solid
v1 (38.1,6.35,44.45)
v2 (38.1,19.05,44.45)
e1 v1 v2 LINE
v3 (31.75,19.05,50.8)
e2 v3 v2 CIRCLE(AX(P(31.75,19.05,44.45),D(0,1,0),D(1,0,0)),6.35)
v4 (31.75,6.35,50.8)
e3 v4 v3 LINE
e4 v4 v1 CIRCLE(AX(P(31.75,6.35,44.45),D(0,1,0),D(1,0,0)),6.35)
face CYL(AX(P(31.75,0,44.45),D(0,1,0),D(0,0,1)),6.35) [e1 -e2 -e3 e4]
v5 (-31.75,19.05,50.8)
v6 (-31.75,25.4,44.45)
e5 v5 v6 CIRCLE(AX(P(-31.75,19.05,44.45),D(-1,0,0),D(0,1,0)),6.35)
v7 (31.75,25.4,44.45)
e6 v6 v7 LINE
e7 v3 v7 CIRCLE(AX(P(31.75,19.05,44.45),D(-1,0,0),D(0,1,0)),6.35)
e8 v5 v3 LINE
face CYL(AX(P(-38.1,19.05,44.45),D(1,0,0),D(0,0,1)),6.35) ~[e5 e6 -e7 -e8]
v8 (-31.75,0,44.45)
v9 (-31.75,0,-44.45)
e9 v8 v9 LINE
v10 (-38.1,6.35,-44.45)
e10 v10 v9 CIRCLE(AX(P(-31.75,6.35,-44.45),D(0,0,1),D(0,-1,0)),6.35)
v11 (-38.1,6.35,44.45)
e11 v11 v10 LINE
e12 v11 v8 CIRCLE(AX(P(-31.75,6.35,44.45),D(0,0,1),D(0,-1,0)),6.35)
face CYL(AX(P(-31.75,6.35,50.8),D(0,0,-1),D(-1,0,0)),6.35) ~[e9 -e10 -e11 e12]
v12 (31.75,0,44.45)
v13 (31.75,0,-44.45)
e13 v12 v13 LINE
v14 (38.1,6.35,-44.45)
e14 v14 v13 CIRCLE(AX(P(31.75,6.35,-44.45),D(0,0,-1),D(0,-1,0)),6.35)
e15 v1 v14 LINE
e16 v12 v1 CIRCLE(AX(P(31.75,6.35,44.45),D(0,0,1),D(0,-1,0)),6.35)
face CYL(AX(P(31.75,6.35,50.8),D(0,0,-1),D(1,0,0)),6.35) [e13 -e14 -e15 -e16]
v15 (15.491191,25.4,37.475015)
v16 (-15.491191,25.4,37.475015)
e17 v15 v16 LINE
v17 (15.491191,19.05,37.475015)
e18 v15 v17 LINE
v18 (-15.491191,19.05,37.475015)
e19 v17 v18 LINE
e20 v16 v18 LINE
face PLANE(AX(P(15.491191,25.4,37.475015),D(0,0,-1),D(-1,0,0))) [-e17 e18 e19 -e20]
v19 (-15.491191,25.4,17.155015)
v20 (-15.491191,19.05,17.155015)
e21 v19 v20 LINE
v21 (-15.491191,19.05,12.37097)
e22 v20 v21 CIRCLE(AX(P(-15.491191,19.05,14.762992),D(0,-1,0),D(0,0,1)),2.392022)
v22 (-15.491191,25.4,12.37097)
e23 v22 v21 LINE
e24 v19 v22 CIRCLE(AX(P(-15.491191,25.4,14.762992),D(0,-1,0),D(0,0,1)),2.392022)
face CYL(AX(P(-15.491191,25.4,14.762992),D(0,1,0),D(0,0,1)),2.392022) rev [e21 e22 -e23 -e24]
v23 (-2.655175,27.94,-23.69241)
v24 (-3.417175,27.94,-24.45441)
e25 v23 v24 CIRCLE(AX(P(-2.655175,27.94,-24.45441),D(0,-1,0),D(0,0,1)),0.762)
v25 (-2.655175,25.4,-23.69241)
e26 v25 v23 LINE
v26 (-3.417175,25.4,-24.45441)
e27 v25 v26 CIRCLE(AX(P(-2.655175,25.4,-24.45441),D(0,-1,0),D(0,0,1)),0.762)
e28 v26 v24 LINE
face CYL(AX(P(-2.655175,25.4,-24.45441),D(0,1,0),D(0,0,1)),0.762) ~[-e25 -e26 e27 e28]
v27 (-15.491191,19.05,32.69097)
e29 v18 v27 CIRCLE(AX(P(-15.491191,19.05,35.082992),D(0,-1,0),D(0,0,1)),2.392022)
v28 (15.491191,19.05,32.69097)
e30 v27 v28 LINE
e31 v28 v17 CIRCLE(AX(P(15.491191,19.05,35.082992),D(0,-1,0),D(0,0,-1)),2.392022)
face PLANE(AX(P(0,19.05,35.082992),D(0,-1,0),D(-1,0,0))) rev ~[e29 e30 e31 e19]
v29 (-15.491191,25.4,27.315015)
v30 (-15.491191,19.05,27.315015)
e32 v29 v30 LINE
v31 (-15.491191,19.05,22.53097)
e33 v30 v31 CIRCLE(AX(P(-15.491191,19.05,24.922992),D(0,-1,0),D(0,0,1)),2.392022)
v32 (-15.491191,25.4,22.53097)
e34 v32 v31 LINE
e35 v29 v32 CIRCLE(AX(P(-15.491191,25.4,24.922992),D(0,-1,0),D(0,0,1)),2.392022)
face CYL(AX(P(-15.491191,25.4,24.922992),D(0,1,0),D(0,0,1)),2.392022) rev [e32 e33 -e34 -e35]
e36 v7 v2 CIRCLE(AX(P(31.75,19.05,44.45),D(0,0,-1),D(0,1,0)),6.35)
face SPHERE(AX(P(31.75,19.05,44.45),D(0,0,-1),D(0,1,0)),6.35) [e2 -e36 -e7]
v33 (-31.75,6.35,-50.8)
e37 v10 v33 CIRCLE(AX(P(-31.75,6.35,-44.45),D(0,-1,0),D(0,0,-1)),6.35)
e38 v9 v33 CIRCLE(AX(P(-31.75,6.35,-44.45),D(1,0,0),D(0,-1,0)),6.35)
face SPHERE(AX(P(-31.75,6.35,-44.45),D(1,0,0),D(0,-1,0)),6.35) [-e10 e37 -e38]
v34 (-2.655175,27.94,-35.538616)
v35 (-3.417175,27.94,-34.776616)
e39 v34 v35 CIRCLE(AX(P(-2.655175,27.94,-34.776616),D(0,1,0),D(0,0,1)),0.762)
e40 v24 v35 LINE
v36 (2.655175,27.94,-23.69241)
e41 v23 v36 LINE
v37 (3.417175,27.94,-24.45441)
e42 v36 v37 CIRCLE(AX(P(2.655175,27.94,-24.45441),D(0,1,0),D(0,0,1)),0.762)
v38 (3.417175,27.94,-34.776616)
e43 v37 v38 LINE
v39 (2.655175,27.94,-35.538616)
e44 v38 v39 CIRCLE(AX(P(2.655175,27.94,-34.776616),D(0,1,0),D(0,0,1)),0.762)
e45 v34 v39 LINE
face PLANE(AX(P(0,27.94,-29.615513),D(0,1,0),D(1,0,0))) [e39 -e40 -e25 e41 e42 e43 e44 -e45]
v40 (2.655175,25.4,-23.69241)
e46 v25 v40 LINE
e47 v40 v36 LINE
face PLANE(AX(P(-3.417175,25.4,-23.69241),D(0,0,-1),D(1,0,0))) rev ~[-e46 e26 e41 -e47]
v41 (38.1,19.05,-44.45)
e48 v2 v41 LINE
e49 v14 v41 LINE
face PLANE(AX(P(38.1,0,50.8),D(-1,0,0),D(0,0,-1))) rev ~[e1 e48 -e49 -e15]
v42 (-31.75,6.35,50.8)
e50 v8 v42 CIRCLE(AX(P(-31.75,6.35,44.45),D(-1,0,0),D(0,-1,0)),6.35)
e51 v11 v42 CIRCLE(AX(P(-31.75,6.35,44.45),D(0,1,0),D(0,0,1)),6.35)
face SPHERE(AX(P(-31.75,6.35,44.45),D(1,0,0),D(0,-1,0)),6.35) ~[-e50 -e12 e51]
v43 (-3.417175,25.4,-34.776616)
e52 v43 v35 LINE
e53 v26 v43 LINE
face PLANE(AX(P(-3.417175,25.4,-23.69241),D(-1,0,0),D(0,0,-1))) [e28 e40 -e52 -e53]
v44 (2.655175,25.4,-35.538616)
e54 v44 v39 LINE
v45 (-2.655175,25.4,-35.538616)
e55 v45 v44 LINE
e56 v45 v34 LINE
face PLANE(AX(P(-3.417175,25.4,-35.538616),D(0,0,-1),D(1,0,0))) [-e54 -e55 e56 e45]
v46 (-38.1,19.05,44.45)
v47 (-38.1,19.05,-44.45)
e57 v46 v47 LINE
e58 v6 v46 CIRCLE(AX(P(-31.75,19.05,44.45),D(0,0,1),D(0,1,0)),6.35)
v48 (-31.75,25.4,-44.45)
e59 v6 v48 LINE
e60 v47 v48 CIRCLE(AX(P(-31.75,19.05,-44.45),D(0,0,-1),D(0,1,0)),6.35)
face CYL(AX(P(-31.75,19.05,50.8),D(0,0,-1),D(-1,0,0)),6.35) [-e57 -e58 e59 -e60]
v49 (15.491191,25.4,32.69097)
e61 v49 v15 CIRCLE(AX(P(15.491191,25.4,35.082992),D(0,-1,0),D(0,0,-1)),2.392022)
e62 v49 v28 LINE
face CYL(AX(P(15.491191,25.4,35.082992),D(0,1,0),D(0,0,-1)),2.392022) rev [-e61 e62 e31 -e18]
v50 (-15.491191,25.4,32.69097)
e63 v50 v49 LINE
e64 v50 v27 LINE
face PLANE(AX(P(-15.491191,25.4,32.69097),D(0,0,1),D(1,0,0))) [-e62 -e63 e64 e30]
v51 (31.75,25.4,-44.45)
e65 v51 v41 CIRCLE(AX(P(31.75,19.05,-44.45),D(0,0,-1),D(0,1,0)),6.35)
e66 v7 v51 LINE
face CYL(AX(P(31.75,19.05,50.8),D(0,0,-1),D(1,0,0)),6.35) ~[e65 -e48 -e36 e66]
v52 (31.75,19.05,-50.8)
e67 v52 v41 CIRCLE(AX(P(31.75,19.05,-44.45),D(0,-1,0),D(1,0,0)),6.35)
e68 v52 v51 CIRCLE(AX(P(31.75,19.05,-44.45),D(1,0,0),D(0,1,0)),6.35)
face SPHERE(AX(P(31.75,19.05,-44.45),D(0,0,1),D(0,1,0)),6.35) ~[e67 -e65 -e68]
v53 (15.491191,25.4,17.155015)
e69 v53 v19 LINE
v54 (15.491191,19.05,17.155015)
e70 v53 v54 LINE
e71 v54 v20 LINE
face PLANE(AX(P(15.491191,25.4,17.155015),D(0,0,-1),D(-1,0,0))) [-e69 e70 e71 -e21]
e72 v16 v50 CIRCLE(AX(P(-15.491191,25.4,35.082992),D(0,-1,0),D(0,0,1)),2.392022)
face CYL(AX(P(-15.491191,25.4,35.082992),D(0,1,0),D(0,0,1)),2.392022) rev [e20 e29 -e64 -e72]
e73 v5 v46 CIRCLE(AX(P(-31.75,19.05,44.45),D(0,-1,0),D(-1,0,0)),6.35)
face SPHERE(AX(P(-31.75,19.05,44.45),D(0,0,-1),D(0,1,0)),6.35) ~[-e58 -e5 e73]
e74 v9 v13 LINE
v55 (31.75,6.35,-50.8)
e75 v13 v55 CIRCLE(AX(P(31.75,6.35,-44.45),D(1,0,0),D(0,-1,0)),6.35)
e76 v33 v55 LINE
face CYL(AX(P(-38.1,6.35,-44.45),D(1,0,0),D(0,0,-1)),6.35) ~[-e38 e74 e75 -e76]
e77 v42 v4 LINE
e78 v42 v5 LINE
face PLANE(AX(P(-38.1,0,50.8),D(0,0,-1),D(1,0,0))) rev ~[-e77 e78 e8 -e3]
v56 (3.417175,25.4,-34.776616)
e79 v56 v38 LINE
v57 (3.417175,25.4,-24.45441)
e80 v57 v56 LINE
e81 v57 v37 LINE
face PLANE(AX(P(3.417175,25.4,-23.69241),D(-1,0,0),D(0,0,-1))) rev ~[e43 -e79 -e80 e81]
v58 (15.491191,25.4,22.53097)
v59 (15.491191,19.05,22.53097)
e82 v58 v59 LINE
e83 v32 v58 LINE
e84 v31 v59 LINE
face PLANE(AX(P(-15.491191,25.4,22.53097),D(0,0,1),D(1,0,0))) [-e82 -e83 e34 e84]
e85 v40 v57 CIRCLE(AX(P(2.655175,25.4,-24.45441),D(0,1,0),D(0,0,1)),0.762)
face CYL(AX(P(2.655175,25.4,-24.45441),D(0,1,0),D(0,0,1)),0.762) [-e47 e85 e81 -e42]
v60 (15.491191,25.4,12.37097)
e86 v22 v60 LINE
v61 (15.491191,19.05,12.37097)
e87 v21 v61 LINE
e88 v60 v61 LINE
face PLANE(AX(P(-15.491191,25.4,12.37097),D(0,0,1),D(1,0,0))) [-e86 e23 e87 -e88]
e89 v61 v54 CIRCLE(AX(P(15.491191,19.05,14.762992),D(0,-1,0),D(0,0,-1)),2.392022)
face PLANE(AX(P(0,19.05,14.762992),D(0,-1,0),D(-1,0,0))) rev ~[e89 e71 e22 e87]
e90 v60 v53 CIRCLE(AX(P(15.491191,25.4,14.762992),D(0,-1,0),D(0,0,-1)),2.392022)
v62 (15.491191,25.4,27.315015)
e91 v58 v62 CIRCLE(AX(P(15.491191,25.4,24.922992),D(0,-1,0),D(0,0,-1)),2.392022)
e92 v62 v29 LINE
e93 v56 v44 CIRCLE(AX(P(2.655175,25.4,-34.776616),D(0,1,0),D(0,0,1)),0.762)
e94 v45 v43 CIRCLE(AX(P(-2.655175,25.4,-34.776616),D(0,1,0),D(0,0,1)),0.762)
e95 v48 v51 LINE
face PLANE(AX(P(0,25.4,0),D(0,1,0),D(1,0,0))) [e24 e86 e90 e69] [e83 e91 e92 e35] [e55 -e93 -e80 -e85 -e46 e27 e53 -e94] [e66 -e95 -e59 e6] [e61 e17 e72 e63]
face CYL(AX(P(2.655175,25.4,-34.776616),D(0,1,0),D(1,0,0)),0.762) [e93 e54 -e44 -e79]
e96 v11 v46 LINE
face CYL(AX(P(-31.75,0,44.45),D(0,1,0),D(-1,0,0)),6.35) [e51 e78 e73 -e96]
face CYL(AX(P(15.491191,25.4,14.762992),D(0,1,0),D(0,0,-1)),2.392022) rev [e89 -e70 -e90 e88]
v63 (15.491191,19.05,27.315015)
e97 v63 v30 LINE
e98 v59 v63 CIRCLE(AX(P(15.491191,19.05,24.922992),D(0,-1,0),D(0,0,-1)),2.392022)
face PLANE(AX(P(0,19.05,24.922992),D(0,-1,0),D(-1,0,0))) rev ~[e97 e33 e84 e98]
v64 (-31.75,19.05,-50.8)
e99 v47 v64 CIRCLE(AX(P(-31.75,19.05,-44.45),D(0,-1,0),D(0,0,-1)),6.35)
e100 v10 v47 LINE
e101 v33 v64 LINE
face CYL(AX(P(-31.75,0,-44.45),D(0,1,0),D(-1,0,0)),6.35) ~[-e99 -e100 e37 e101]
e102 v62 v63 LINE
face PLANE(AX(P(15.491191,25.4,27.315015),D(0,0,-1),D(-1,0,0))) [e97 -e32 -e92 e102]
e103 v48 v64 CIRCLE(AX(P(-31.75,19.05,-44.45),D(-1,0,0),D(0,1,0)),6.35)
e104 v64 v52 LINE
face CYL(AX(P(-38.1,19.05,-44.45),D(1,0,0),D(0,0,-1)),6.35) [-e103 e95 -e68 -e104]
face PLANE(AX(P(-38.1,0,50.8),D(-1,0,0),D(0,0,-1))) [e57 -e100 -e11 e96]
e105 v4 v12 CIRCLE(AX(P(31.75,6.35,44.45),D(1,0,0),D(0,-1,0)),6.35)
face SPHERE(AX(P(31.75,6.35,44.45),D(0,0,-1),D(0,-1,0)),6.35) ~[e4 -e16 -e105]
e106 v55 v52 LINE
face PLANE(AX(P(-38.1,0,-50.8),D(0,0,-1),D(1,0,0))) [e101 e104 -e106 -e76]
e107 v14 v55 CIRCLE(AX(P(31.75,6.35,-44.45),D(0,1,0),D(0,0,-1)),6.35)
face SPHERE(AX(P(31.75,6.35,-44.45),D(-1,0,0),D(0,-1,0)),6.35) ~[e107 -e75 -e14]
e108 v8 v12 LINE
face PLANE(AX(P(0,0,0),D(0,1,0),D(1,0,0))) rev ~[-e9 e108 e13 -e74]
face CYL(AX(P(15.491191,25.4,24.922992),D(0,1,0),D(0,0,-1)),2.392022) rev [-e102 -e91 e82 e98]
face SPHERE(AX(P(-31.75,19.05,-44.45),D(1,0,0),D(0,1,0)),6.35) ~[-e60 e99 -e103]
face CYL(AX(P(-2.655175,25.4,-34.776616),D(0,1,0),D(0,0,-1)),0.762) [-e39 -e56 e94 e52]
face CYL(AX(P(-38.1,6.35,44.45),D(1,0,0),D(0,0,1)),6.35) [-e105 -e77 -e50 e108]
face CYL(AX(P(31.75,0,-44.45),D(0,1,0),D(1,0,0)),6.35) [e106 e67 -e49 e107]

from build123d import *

# Parameters (mm, degrees)
SKETCH1_W           = 76.2
SKETCH1_H           = 101.6
BOSS_EXTRUDE1_DEPTH = 25.4
FILLET1_R           = 6.35
CUT_EXTRUDE1_DEPTH  = 6.35
SKETCH4_W           = 6.834349176
SKETCH4_H           = 11.846205237
BOSS_EXTRUDE2_DEPTH = 2.54
FILLET2_R           = 0.762


with BuildPart() as part:
    # Sketch1 → Boss-Extrude1 (new body)
    with BuildSketch(Plane(origin=(0, 0, 0), x_dir=(1, 0, 0), z_dir=(0, 1, 0))):
        Rectangle(SKETCH1_W, SKETCH1_H)
    extrude(amount=BOSS_EXTRUDE1_DEPTH)

    # Fillet1
    fillet1_edges = [part.edges().sort_by_distance(p)[0] for p in [
        (38.1, 25.4, 0),
        (0, 25.4, -50.8),
        (-38.1, 25.4, 0),
        (0, 0, -50.8),
        (38.1, 0, 0),
        (0, 0, 50.8),
        (-38.1, 0, 0),
        (0, 25.4, 50.8),
        (-38.1, 12.7, -50.8),
        (38.1, 12.7, -50.8),
        (38.1, 12.7, 50.8),
        (-38.1, 12.7, 50.8),
    ]]
    fillet(fillet1_edges, radius=FILLET1_R)

    # Sketch3 → Cut-Extrude1 (cut)
    with BuildSketch(Plane(origin=(0, 25.4, 0), x_dir=(1, 0, 0), z_dir=(0, 1, 0))):
        with BuildLine():
            Line((15.491191464, -37.475014645), (-15.491191464, -37.475014645))
            ThreePointArc((-15.491191464, -37.475014645), (-17.883213675, -35.082992433), (-15.491191464, -32.690970222))
            Line((-15.491191464, -32.690970222), (15.491191464, -32.690970222))
            ThreePointArc((15.491191464, -32.690970222), (17.883213675, -35.082992433), (15.491191464, -37.475014645))
        make_face()
        with BuildLine():
            Line((15.491191464, -27.315014645), (-15.491191464, -27.315014645))
            ThreePointArc((-15.491191464, -27.315014645), (-17.883213675, -24.922992433), (-15.491191464, -22.530970222))
            Line((-15.491191464, -22.530970222), (15.491191464, -22.530970222))
            ThreePointArc((15.491191464, -22.530970222), (17.883213675, -24.922992433), (15.491191464, -27.315014645))
        make_face()
        with BuildLine():
            Line((15.491191464, -17.155014645), (-15.491191464, -17.155014645))
            ThreePointArc((-15.491191464, -17.155014645), (-17.883213675, -14.762992433), (-15.491191464, -12.370970222))
            Line((-15.491191464, -12.370970222), (15.491191464, -12.370970222))
            ThreePointArc((15.491191464, -12.370970222), (17.883213675, -14.762992433), (15.491191464, -17.155014645))
        make_face()
    extrude(amount=-CUT_EXTRUDE1_DEPTH, mode=Mode.SUBTRACT)

    # Sketch4 → Boss-Extrude2 (add)
    with BuildSketch(Plane(origin=(0, 25.4, 0), x_dir=(1, 0, 0), z_dir=(0, 1, 0))):
        with Locations((0, 29.615513094)):
            Rectangle(SKETCH4_W, SKETCH4_H)
    extrude(amount=BOSS_EXTRUDE2_DEPTH)

    # Fillet2
    fillet2_edges = [part.edges().sort_by_distance(p)[0] for p in [
        (-3.417174588, 26.67, -35.538615712),
        (-3.417174588, 26.67, -23.692410475),
        (3.417174588, 26.67, -23.692410475),
        (3.417174588, 26.67, -35.538615712),
    ]]
    fillet(fillet2_edges, radius=FILLET2_R)


solid = part.part
